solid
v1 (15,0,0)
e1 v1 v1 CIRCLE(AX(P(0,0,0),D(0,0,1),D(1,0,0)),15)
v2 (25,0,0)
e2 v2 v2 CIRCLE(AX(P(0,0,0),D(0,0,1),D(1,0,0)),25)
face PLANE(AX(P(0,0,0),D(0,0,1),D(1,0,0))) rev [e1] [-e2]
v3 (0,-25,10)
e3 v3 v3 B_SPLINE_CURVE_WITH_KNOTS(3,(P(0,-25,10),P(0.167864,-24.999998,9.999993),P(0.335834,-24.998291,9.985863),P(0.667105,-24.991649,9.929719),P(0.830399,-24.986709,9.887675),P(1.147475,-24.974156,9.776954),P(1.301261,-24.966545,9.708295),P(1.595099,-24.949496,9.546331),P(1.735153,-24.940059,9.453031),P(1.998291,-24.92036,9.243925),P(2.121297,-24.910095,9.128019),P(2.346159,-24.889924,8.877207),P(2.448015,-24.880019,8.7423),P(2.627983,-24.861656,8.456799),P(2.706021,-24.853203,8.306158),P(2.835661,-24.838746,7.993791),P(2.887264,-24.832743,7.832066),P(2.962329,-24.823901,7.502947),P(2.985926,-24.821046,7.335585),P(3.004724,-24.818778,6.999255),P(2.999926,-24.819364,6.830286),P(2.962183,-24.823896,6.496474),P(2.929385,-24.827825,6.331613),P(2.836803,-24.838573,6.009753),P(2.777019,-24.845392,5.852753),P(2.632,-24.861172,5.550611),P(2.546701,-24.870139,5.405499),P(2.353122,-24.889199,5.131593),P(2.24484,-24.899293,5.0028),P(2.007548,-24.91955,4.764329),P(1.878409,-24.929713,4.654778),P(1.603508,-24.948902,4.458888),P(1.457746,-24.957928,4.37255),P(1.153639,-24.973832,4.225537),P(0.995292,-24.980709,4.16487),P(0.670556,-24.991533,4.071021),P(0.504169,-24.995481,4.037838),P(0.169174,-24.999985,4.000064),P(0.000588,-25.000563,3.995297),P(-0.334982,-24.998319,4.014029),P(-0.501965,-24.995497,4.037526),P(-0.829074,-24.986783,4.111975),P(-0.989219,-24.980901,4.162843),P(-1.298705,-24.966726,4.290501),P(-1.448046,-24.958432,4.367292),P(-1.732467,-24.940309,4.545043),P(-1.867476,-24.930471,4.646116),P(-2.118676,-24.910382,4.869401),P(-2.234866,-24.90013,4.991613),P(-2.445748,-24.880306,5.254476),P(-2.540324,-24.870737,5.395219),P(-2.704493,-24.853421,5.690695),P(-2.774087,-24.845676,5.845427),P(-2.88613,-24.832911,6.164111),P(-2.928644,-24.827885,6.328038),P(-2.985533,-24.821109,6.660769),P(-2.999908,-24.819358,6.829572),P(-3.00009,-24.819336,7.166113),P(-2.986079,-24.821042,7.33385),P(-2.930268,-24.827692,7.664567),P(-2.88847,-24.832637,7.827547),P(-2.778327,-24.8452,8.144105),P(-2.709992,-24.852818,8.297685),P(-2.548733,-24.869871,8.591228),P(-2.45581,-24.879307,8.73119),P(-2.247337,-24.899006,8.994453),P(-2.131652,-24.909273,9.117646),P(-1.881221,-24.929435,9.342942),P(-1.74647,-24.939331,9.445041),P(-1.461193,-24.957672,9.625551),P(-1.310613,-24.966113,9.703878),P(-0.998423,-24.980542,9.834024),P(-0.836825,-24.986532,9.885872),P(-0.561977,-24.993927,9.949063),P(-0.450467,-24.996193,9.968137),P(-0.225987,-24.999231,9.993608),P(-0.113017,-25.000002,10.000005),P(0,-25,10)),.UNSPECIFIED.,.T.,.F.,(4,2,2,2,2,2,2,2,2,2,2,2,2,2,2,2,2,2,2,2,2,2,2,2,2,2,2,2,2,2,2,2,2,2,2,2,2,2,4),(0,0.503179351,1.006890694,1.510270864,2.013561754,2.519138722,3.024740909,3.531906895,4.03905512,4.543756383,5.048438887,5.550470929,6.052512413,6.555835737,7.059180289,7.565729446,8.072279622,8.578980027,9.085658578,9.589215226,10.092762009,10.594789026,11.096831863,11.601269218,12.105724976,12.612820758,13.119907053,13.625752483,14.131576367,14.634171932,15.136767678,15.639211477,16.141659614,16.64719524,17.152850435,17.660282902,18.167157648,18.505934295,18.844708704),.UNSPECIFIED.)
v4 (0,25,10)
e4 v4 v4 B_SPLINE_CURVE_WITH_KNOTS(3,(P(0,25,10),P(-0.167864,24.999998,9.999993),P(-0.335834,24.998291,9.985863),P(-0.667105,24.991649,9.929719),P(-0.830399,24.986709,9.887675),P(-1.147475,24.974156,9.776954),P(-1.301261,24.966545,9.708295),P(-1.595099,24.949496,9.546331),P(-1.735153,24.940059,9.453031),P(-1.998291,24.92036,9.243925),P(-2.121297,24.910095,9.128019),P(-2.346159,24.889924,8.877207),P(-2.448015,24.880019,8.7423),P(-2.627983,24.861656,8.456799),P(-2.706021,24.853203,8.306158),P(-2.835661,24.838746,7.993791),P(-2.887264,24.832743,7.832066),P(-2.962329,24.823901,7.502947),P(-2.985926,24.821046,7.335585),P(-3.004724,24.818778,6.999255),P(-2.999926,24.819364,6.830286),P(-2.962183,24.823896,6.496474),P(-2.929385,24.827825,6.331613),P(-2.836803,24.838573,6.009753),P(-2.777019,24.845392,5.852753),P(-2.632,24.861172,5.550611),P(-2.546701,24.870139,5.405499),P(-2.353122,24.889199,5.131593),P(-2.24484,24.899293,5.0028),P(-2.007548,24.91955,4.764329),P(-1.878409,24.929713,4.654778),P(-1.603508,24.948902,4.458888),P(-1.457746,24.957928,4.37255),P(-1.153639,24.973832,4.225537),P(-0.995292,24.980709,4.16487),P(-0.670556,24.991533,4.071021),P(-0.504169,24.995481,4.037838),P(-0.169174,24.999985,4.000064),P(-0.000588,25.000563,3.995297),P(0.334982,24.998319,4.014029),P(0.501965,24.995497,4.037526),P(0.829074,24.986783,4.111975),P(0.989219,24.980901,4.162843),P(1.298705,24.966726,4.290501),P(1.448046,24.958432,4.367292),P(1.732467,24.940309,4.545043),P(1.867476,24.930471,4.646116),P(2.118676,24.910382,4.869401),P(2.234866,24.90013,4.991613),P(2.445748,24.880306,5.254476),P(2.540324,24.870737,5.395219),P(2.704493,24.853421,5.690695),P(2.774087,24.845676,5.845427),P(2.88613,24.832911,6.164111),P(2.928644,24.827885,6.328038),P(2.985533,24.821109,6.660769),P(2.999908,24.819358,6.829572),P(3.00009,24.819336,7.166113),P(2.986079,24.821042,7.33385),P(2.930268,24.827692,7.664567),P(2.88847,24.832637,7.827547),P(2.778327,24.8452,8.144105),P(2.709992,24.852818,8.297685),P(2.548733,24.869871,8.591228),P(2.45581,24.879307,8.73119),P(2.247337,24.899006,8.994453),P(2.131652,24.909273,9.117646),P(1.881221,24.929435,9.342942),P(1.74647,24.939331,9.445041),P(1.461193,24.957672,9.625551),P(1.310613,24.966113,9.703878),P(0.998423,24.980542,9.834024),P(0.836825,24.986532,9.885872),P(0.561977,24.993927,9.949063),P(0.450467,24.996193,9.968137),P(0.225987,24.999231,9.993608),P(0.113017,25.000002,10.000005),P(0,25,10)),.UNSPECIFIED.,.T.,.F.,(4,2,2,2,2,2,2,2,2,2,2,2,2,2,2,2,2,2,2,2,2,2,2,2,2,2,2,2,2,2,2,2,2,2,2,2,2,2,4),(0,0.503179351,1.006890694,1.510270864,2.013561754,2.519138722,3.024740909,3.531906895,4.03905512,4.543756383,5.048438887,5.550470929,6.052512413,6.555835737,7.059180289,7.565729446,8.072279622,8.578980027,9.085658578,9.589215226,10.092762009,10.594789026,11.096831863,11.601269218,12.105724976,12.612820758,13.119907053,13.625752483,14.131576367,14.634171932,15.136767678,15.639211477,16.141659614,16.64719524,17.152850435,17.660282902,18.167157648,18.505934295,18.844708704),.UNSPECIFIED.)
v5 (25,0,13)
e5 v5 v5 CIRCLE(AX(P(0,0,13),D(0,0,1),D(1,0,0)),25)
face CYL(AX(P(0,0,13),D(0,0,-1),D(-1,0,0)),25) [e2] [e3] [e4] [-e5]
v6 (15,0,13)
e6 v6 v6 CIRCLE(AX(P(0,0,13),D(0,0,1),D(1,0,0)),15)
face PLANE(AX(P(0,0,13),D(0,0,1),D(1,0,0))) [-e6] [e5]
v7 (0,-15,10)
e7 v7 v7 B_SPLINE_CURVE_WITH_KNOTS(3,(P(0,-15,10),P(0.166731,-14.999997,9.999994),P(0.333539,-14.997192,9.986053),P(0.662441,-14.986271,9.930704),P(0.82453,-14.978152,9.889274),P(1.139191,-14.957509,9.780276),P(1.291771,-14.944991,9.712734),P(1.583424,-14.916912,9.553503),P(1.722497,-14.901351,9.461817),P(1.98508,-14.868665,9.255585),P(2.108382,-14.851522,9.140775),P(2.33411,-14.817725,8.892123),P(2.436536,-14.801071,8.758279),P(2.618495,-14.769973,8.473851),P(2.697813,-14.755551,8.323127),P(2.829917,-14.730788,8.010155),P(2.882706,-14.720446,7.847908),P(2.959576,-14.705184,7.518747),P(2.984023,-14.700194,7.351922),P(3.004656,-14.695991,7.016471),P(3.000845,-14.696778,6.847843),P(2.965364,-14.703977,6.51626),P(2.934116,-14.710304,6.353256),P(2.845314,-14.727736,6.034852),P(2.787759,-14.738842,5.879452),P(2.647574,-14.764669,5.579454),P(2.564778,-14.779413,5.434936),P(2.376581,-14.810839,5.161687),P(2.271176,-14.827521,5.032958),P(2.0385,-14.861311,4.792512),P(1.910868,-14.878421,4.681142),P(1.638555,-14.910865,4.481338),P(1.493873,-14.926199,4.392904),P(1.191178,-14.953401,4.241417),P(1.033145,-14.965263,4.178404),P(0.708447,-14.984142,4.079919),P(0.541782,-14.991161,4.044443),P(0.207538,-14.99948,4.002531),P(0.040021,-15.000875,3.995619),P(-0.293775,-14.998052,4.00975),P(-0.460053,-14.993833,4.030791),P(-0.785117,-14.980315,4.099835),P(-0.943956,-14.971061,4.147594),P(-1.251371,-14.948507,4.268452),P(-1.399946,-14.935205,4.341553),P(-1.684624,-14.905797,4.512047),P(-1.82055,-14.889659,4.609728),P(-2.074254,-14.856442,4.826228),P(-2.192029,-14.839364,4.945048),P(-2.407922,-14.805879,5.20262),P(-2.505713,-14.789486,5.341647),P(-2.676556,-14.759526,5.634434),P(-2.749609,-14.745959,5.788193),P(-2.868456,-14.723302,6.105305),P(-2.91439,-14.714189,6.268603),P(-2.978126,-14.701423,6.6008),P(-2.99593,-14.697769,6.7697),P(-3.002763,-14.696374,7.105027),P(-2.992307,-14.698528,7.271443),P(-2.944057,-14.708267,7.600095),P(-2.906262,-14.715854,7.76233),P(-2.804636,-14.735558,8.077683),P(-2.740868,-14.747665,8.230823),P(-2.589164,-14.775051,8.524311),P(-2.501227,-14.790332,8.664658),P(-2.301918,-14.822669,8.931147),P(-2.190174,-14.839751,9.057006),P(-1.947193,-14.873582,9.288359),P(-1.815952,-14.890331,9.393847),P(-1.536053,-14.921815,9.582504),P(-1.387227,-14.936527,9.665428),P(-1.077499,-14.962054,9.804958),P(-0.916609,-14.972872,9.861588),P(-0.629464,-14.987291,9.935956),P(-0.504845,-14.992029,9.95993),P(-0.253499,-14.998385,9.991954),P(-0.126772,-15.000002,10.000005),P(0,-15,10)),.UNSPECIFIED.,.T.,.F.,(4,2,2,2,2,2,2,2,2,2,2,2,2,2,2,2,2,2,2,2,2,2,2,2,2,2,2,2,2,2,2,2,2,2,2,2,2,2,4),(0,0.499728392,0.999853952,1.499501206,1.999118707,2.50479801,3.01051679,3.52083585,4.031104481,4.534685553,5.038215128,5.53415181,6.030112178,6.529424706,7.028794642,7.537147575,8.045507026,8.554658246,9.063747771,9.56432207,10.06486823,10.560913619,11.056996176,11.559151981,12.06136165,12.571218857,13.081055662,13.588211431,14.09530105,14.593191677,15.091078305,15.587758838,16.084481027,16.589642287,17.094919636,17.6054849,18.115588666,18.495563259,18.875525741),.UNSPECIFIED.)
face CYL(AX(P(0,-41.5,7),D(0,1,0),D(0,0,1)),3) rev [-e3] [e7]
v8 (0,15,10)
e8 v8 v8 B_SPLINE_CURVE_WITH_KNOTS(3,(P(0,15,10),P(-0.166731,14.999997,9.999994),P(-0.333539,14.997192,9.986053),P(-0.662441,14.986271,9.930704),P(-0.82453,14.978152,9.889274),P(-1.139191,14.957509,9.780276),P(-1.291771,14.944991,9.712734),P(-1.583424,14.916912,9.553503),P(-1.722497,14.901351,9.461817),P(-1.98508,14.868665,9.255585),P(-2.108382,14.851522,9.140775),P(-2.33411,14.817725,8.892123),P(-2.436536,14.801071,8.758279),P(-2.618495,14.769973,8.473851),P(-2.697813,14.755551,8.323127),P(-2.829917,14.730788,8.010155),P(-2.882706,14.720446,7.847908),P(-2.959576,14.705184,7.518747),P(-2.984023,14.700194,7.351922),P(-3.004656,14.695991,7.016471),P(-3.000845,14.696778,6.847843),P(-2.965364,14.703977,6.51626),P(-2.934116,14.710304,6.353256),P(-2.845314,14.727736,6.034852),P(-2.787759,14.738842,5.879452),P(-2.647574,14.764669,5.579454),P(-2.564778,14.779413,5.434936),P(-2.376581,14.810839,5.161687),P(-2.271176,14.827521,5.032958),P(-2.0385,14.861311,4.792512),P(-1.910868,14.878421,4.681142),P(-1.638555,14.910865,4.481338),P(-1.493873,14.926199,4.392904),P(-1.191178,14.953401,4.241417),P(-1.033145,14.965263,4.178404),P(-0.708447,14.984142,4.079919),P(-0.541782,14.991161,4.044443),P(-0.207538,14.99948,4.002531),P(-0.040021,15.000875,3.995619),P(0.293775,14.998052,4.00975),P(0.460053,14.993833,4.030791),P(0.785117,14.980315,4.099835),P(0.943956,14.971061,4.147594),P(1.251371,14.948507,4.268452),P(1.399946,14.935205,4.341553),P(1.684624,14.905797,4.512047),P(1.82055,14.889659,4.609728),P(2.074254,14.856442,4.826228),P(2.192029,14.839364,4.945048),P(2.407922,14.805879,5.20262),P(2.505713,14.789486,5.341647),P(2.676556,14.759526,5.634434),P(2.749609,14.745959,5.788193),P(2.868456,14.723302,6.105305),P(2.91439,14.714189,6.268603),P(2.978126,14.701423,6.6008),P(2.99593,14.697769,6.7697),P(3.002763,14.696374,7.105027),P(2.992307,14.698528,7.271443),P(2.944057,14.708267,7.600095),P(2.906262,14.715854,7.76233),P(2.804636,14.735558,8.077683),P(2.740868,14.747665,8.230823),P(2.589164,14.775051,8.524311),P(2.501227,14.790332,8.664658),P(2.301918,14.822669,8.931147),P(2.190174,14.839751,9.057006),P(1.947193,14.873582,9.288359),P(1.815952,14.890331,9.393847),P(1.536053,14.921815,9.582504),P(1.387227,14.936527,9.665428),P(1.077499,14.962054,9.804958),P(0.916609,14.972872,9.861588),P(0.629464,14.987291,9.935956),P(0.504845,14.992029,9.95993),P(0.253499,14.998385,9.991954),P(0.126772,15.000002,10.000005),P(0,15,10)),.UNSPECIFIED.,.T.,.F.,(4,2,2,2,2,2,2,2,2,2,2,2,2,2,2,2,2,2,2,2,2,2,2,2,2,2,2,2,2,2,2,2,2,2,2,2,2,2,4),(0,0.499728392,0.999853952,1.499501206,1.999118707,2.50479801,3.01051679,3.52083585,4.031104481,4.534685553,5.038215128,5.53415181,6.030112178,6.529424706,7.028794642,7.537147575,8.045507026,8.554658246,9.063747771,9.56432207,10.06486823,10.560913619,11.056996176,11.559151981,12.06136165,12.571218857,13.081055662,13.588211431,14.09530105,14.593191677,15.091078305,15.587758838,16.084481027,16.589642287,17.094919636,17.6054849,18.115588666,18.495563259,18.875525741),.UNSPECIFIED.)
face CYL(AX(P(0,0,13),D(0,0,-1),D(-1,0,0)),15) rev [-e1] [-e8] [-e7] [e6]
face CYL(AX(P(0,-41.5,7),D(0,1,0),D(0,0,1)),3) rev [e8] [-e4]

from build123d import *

# Parameters (mm, degrees)
SKETCH1_R           = 25
SKETCH1_R_2         = 15
BOSS_EXTRUDE1_DEPTH = 13
SKETCH2_R           = 3
CUT_EXTRUDE1_DEPTH  = 41.5


with BuildPart() as part:
    # Sketch1 → Boss-Extrude1 (new body)
    with BuildSketch(Plane.XY):
        with Locations(Location((0, 0, 0), (0, 0, 180))):
            Circle(SKETCH1_R)
        with Locations(Location((0, 0, 0), (0, 0, 180))):
            Circle(SKETCH1_R_2, mode=Mode.SUBTRACT)
    extrude(amount=BOSS_EXTRUDE1_DEPTH)

    # Sketch2 → Cut-Extrude1 (cut, symmetric)
    with BuildSketch(Plane(origin=(0, 0, 0), x_dir=(1, 0, 0), z_dir=(0, 1, 0))):
        with Locations(Location((0, -7, 0), (0, 0, 270))):
            Circle(SKETCH2_R)
    extrude(amount=CUT_EXTRUDE1_DEPTH, both=True, mode=Mode.SUBTRACT)


solid = part.part
